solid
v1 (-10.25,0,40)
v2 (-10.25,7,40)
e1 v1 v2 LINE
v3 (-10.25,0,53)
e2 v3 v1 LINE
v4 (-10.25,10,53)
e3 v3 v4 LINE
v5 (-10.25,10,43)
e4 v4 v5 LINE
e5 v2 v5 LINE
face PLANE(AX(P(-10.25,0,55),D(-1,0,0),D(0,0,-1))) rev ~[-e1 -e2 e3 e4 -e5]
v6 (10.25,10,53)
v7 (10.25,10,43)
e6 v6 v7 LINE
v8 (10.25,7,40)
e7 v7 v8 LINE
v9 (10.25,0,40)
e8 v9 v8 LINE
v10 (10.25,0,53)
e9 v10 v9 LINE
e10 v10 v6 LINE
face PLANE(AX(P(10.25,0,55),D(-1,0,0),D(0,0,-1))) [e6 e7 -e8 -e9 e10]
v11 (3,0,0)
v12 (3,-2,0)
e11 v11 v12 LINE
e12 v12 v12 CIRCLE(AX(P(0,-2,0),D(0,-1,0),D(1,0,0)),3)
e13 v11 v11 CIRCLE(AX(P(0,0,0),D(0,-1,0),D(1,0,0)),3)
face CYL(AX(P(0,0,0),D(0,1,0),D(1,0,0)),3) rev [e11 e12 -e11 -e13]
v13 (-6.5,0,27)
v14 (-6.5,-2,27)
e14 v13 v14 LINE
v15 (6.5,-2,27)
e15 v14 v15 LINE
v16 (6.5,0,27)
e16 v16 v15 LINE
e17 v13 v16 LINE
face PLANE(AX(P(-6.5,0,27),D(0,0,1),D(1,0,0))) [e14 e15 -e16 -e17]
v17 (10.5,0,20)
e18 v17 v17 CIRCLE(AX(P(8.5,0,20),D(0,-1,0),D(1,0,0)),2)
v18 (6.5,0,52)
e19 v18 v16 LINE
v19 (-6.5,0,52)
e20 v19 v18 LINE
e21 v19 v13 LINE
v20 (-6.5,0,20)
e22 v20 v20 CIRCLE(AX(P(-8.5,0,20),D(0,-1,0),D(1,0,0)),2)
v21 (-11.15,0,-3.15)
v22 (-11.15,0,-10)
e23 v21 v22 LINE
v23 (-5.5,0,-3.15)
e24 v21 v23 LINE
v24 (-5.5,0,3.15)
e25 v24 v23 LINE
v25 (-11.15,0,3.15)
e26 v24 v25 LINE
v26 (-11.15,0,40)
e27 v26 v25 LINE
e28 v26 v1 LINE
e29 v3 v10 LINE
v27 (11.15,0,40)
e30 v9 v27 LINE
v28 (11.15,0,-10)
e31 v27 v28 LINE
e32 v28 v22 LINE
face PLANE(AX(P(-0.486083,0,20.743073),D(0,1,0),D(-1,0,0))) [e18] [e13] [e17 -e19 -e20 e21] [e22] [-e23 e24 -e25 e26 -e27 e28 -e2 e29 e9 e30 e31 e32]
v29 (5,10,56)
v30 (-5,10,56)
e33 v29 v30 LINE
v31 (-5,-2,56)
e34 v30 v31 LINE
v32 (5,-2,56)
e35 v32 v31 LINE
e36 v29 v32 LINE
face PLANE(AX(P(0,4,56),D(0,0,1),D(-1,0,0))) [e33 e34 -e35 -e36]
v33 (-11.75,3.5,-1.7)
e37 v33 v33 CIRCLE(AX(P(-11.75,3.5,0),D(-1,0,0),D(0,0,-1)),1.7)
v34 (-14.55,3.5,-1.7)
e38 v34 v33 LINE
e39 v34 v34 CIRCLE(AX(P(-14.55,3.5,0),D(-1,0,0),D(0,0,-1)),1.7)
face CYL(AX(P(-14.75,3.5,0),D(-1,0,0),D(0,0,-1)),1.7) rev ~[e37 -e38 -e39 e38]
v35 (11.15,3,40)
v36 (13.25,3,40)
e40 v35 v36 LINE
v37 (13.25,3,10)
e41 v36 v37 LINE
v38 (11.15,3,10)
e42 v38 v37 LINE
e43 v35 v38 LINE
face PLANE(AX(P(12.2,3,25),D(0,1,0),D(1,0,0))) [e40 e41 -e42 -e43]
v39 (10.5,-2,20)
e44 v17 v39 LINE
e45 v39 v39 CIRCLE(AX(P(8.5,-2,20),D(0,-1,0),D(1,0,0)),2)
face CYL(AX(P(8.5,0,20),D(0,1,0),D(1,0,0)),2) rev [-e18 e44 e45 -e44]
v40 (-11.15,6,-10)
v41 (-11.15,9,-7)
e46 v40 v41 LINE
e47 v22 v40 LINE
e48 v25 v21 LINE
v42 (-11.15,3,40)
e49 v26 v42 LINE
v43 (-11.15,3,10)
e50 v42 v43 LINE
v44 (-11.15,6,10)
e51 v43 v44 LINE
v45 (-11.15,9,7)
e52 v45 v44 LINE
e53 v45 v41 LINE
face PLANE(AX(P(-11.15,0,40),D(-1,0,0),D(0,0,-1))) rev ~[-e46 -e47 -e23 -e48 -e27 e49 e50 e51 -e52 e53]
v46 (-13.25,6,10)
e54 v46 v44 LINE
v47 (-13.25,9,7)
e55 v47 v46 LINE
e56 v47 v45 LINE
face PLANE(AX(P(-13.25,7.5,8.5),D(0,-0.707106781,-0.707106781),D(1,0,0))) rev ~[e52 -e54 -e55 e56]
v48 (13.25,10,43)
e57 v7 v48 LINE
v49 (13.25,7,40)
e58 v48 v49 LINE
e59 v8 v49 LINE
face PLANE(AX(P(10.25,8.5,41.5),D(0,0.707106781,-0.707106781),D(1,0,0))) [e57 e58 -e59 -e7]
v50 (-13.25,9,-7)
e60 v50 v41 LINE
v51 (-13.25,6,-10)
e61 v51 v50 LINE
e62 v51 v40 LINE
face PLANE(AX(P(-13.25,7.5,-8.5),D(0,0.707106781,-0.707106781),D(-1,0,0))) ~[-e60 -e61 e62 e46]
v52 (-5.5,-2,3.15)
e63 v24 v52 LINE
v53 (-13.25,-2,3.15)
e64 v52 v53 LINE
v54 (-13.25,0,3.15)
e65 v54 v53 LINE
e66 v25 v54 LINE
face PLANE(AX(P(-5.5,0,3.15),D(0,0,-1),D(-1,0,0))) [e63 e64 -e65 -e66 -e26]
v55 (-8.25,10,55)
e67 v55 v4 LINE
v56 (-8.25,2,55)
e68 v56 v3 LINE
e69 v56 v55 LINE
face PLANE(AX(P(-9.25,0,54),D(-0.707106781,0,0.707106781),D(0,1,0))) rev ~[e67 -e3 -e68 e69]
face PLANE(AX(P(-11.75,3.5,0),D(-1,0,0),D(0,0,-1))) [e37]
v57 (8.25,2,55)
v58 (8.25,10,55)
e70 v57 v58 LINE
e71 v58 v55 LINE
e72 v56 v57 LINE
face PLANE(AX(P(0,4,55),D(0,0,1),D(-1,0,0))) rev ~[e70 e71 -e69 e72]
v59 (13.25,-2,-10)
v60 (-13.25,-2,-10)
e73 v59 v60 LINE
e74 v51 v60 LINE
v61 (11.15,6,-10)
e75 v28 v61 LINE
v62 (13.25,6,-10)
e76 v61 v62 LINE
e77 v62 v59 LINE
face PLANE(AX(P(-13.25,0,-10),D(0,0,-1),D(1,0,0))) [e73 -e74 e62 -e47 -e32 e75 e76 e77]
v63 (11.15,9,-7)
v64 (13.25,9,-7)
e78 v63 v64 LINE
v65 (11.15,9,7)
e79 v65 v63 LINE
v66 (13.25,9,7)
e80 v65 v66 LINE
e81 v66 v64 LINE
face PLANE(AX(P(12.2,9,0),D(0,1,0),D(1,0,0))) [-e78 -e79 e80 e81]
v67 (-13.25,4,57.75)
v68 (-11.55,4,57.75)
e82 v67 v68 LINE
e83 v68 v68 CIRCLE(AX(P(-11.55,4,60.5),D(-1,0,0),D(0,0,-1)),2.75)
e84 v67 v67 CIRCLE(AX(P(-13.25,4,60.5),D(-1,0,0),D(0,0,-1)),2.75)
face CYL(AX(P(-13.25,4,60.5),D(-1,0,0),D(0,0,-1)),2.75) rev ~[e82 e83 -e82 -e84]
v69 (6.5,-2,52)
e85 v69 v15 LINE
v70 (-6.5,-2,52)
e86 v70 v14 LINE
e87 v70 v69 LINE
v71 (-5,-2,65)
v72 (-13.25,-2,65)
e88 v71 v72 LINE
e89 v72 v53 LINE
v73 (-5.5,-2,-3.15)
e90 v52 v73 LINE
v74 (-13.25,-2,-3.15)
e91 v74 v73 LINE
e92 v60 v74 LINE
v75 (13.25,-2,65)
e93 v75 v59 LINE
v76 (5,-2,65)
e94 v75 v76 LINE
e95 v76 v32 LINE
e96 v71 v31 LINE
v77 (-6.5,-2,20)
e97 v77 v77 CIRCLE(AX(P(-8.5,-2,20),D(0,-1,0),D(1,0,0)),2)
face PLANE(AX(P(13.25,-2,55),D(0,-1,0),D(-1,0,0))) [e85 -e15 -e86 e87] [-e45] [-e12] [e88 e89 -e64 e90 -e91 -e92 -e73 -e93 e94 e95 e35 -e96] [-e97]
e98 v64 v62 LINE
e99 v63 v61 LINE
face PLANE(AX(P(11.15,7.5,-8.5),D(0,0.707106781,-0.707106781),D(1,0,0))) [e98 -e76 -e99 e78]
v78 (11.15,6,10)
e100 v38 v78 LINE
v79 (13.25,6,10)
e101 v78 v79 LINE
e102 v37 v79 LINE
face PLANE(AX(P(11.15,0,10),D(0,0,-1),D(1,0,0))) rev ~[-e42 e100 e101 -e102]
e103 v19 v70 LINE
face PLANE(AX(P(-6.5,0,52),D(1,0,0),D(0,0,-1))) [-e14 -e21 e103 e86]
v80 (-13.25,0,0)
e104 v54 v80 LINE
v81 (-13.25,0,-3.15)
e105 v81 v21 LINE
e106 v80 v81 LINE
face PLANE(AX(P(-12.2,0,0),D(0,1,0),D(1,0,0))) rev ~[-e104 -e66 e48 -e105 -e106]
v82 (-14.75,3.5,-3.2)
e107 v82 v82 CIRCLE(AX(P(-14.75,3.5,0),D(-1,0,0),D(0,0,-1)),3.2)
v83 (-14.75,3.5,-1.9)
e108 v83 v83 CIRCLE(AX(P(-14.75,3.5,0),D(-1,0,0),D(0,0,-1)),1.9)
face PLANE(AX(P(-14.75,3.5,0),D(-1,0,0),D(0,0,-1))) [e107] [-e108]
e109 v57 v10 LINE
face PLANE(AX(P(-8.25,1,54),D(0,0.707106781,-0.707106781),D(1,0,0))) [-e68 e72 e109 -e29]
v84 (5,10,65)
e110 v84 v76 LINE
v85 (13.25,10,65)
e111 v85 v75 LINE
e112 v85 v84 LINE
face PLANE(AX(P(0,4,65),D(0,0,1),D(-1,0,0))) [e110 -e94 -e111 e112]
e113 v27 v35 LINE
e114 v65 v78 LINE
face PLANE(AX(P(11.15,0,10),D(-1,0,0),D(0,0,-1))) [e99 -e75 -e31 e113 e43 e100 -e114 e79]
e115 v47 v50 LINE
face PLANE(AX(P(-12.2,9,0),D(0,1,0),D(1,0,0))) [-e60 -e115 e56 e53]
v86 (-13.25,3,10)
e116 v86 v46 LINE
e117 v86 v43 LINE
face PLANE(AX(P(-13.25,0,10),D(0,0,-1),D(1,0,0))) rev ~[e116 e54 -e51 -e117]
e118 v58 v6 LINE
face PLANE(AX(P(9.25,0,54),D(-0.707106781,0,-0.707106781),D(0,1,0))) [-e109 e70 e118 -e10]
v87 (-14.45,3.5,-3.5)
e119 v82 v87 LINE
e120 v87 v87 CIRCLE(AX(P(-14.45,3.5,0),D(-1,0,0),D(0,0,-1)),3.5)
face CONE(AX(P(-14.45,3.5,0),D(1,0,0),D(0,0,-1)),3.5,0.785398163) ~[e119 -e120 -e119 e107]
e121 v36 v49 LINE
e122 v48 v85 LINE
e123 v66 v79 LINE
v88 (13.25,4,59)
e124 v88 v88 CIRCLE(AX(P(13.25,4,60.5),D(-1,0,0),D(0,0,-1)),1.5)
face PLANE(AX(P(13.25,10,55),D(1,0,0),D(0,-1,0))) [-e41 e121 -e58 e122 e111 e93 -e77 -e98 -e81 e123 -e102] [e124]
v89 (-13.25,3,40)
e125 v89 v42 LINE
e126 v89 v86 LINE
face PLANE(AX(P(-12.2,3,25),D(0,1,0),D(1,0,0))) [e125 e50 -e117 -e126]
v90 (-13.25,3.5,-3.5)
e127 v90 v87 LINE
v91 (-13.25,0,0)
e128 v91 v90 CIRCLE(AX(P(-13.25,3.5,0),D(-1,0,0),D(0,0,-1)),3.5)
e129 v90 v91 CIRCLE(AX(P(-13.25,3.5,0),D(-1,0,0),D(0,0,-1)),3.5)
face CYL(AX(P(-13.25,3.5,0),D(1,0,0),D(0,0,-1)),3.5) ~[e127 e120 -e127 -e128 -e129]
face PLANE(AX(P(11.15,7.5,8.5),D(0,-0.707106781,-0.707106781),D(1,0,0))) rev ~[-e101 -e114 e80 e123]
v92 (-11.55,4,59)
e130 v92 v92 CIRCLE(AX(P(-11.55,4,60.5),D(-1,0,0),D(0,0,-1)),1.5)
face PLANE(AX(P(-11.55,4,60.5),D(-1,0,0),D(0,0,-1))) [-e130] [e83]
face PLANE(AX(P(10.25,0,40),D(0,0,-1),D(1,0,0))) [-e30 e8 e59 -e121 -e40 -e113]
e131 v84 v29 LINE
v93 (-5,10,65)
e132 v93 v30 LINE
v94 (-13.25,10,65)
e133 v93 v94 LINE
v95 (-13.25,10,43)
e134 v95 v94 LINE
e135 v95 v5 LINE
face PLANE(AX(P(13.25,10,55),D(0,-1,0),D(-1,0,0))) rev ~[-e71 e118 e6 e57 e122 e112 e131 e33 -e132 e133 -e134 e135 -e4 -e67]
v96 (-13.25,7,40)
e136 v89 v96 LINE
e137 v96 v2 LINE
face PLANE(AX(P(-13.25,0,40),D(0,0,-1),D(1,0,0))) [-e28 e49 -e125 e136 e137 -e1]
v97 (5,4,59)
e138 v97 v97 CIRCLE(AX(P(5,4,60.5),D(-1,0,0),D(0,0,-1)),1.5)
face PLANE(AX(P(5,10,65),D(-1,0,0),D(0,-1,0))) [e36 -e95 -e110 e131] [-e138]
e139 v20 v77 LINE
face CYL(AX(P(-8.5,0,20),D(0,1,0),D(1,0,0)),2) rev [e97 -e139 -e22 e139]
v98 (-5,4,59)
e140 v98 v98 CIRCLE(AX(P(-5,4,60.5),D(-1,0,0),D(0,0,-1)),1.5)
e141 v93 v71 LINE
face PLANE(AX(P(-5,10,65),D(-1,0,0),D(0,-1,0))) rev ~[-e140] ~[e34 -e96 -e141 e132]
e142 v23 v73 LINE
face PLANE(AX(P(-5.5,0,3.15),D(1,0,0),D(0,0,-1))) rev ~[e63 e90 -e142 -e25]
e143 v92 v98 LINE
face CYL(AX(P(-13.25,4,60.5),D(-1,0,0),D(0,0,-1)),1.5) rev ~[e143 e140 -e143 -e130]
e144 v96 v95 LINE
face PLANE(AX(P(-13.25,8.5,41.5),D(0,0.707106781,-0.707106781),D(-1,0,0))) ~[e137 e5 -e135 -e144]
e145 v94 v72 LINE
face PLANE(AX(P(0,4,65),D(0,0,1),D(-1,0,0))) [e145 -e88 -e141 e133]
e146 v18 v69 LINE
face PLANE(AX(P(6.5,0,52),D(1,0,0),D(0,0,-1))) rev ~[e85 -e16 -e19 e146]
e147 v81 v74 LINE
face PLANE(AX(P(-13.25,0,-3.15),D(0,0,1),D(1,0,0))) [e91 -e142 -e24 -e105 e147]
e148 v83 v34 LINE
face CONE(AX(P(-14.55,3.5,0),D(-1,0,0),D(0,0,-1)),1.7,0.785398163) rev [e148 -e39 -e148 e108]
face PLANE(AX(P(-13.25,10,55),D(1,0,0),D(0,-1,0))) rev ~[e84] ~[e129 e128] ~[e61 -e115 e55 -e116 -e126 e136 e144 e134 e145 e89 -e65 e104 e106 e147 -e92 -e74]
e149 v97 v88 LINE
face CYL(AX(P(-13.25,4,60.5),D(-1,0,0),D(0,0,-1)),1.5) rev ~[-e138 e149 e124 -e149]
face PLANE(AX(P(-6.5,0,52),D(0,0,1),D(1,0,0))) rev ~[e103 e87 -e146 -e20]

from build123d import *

# Parameters (mm, degrees)
SKETCH_R        = 2
SKETCH_R_2      = 3
PAD_DEPTH       = 2
SKETCH001_W     = 2.1
SKETCH001_H     = 20
PAD001_DEPTH    = 9
CHAMFER_SIZE    = 3
SKETCH002_W     = 13
SKETCH002_H     = 25
POCKET_DEPTH    = 2.5
SKETCH003_R     = 3.5
PAD002_DEPTH    = 1.5
SKETCH004_R     = 1.7
POCKET001_DEPTH = 3
CHAMFER001_SIZE = 0.2
CHAMFER002_SIZE = 0.3
SKETCH005_W     = 3
SKETCH005_H     = 15
PAD003_DEPTH    = 10
CHAMFER003_SIZE = 3
CHAMFER004_SIZE = 3
SKETCH006_W     = 2.1
SKETCH006_H     = 30
PAD004_DEPTH    = 3
SKETCH007_W     = 26.5
SKETCH007_H     = 12
PAD005_DEPTH    = 10
CHAMFER005_SIZE = 2
CHAMFER006_SIZE = 2
CHAMFER007_SIZE = 2
SKETCH008_W     = 10
SKETCH008_H     = 12
POCKET002_DEPTH = 9
SKETCH009_R     = 1.5
POCKET003_DEPTH = 26.501
SKETCH010_R     = 2.75
POCKET004_DEPTH = 1.7


with BuildPart() as part:
    # Sketch → Pad (new body)
    with BuildSketch(Plane.XZ):
        Polygon((-13.25, 55), (13.25, 55), (13.25, -10), (-13.25, -10), (-13.25, -3.15), (-5.5, -3.15), (-5.5, 0), (-5.5, 3.15), (-13.25, 3.15), align=None)
        with Locations((-8.5, 20)):
            Circle(SKETCH_R, mode=Mode.SUBTRACT)
        with Locations((8.5, 20)):
            Circle(SKETCH_R, mode=Mode.SUBTRACT)
        Circle(SKETCH_R_2, mode=Mode.SUBTRACT)
    extrude(amount=PAD_DEPTH)

    # Sketch001 (on Face13 of Pad) → Pad001 (join)
    with BuildSketch(Plane(origin=(0, 0, 0), x_dir=(1, 0, 0), z_dir=(0, 1, 0))):
        with Locations((-12.2, 0)):
            Rectangle(SKETCH001_W, SKETCH001_H)
        with Locations((12.2, 0)):
            Rectangle(SKETCH001_W, SKETCH001_H)
    extrude(amount=PAD001_DEPTH)

    # Chamfer
    chamfer_edges = [part.edges().sort_by_distance(p)[0] for p in [
        (-12.2, 9, -10),
        (12.2, 9, -10),
        (12.2, 9, 10),
        (-12.2, 9, 10),
    ]]
    chamfer(chamfer_edges, length=CHAMFER_SIZE)

    # Sketch002 (on Face4 of Chamfer) → Pocket (cut)
    with BuildSketch(Plane(origin=(0, 0, 0), x_dir=(1, 0, 0), z_dir=(0, 1, 0))):
        with Locations((0, -39.5)):
            Rectangle(SKETCH002_W, SKETCH002_H)
    extrude(amount=-POCKET_DEPTH, mode=Mode.SUBTRACT)

    # Sketch003 (on Face9 of Pocket) → Pad002 (join)
    with BuildSketch(Plane(origin=(-13.25, 0, 0), x_dir=(0, 0, -1), z_dir=(-1, 0, 0))):
        with Locations((0, -3.5)):
            Circle(SKETCH003_R)
    extrude(amount=PAD002_DEPTH)

    # Sketch004 (on Face35 of Pad002) → Pocket001 (cut)
    with BuildSketch(Plane(origin=(-14.75, 0, 0), x_dir=(0, 0, -1), z_dir=(-1, 0, 0))):
        with Locations((0, -3.5)):
            Circle(SKETCH004_R)
    extrude(amount=-POCKET001_DEPTH, mode=Mode.SUBTRACT)

    # Chamfer001
    chamfer001_edges = [part.edges().sort_by_distance(p)[0] for p in [
        (-14.75, 3.5, 1.7),
    ]]
    chamfer(chamfer001_edges, length=CHAMFER001_SIZE)

    # Chamfer002
    chamfer002_edges = [part.edges().sort_by_distance(p)[0] for p in [
        (-14.75, 3.5, 3.5),
    ]]
    chamfer(chamfer002_edges, length=CHAMFER002_SIZE)

    # Sketch005 (on Face17 of Chamfer002) → Pad003 (join)
    with BuildSketch(Plane(origin=(0, 0, 0), x_dir=(1, 0, 0), z_dir=(0, 1, 0))):
        with Locations((-11.75, -47.5)):
            Rectangle(SKETCH005_W, SKETCH005_H)
        with Locations((11.75, -47.5)):
            Rectangle(SKETCH005_W, SKETCH005_H)
    extrude(amount=PAD003_DEPTH)

    # Chamfer003
    chamfer003_edges = [part.edges().sort_by_distance(p)[0] for p in [
        (11.75, 10, 40),
    ]]
    chamfer(chamfer003_edges, length=CHAMFER003_SIZE)

    # Chamfer004
    chamfer004_edges = [part.edges().sort_by_distance(p)[0] for p in [
        (-11.75, 10, 40),
    ]]
    chamfer(chamfer004_edges, length=CHAMFER004_SIZE)

    # Sketch006 (on Face4 of Chamfer004) → Pad004 (join)
    with BuildSketch(Plane(origin=(0, 0, 0), x_dir=(1, 0, 0), z_dir=(0, 1, 0))):
        with Locations((-12.2, -25)):
            Rectangle(SKETCH006_W, SKETCH006_H)
        with Locations((12.2, -25)):
            Rectangle(SKETCH006_W, SKETCH006_H)
    extrude(amount=PAD004_DEPTH)

    # Sketch007 (on Face17 of Pad004) → Pad005 (join)
    with BuildSketch(Plane(origin=(0, 0, 55), x_dir=(-1, 0, 0), z_dir=(0, 0, 1))):
        with Locations((0, -4)):
            Rectangle(SKETCH007_W, SKETCH007_H)
    extrude(amount=PAD005_DEPTH)

    # Chamfer005
    chamfer005_edges = [part.edges().sort_by_distance(p)[0] for p in [
        (-10.25, 5, 55),
    ]]
    chamfer(chamfer005_edges, length=CHAMFER005_SIZE)

    # Chamfer006
    chamfer006_edges = [part.edges().sort_by_distance(p)[0] for p in [
        (10.25, 5, 55),
    ]]
    chamfer(chamfer006_edges, length=CHAMFER006_SIZE)

    # Chamfer007
    chamfer007_edges = [part.edges().sort_by_distance(p)[0] for p in [
        (0, 0, 55),
    ]]
    chamfer(chamfer007_edges, length=CHAMFER007_SIZE)

    # Sketch008 (on Face57 of Chamfer007) → Pocket002 (cut)
    with BuildSketch(Plane(origin=(0, 0, 65), x_dir=(-1, 0, 0), z_dir=(0, 0, 1))):
        with Locations((0, -4)):
            Rectangle(SKETCH008_W, SKETCH008_H)
    extrude(amount=-POCKET002_DEPTH, mode=Mode.SUBTRACT)

    # Sketch009 (on Face51 of Pocket002) → Pocket003 (cut, through all)
    with BuildSketch(Plane(origin=(-13.25, 0, 0), x_dir=(0, 0, -1), z_dir=(-1, 0, 0))):
        with Locations((-60.5, -4)):
            Circle(SKETCH009_R)
    extrude(amount=-POCKET003_DEPTH, mode=Mode.SUBTRACT)

    # Sketch010 (on Face51 of Pocket003) → Pocket004 (cut)
    with BuildSketch(Plane(origin=(-13.25, 0, 0), x_dir=(0, 0, -1), z_dir=(-1, 0, 0))):
        with Locations((-60.5, -4)):
            Circle(SKETCH010_R)
    extrude(amount=-POCKET004_DEPTH, mode=Mode.SUBTRACT)


solid = part.part
